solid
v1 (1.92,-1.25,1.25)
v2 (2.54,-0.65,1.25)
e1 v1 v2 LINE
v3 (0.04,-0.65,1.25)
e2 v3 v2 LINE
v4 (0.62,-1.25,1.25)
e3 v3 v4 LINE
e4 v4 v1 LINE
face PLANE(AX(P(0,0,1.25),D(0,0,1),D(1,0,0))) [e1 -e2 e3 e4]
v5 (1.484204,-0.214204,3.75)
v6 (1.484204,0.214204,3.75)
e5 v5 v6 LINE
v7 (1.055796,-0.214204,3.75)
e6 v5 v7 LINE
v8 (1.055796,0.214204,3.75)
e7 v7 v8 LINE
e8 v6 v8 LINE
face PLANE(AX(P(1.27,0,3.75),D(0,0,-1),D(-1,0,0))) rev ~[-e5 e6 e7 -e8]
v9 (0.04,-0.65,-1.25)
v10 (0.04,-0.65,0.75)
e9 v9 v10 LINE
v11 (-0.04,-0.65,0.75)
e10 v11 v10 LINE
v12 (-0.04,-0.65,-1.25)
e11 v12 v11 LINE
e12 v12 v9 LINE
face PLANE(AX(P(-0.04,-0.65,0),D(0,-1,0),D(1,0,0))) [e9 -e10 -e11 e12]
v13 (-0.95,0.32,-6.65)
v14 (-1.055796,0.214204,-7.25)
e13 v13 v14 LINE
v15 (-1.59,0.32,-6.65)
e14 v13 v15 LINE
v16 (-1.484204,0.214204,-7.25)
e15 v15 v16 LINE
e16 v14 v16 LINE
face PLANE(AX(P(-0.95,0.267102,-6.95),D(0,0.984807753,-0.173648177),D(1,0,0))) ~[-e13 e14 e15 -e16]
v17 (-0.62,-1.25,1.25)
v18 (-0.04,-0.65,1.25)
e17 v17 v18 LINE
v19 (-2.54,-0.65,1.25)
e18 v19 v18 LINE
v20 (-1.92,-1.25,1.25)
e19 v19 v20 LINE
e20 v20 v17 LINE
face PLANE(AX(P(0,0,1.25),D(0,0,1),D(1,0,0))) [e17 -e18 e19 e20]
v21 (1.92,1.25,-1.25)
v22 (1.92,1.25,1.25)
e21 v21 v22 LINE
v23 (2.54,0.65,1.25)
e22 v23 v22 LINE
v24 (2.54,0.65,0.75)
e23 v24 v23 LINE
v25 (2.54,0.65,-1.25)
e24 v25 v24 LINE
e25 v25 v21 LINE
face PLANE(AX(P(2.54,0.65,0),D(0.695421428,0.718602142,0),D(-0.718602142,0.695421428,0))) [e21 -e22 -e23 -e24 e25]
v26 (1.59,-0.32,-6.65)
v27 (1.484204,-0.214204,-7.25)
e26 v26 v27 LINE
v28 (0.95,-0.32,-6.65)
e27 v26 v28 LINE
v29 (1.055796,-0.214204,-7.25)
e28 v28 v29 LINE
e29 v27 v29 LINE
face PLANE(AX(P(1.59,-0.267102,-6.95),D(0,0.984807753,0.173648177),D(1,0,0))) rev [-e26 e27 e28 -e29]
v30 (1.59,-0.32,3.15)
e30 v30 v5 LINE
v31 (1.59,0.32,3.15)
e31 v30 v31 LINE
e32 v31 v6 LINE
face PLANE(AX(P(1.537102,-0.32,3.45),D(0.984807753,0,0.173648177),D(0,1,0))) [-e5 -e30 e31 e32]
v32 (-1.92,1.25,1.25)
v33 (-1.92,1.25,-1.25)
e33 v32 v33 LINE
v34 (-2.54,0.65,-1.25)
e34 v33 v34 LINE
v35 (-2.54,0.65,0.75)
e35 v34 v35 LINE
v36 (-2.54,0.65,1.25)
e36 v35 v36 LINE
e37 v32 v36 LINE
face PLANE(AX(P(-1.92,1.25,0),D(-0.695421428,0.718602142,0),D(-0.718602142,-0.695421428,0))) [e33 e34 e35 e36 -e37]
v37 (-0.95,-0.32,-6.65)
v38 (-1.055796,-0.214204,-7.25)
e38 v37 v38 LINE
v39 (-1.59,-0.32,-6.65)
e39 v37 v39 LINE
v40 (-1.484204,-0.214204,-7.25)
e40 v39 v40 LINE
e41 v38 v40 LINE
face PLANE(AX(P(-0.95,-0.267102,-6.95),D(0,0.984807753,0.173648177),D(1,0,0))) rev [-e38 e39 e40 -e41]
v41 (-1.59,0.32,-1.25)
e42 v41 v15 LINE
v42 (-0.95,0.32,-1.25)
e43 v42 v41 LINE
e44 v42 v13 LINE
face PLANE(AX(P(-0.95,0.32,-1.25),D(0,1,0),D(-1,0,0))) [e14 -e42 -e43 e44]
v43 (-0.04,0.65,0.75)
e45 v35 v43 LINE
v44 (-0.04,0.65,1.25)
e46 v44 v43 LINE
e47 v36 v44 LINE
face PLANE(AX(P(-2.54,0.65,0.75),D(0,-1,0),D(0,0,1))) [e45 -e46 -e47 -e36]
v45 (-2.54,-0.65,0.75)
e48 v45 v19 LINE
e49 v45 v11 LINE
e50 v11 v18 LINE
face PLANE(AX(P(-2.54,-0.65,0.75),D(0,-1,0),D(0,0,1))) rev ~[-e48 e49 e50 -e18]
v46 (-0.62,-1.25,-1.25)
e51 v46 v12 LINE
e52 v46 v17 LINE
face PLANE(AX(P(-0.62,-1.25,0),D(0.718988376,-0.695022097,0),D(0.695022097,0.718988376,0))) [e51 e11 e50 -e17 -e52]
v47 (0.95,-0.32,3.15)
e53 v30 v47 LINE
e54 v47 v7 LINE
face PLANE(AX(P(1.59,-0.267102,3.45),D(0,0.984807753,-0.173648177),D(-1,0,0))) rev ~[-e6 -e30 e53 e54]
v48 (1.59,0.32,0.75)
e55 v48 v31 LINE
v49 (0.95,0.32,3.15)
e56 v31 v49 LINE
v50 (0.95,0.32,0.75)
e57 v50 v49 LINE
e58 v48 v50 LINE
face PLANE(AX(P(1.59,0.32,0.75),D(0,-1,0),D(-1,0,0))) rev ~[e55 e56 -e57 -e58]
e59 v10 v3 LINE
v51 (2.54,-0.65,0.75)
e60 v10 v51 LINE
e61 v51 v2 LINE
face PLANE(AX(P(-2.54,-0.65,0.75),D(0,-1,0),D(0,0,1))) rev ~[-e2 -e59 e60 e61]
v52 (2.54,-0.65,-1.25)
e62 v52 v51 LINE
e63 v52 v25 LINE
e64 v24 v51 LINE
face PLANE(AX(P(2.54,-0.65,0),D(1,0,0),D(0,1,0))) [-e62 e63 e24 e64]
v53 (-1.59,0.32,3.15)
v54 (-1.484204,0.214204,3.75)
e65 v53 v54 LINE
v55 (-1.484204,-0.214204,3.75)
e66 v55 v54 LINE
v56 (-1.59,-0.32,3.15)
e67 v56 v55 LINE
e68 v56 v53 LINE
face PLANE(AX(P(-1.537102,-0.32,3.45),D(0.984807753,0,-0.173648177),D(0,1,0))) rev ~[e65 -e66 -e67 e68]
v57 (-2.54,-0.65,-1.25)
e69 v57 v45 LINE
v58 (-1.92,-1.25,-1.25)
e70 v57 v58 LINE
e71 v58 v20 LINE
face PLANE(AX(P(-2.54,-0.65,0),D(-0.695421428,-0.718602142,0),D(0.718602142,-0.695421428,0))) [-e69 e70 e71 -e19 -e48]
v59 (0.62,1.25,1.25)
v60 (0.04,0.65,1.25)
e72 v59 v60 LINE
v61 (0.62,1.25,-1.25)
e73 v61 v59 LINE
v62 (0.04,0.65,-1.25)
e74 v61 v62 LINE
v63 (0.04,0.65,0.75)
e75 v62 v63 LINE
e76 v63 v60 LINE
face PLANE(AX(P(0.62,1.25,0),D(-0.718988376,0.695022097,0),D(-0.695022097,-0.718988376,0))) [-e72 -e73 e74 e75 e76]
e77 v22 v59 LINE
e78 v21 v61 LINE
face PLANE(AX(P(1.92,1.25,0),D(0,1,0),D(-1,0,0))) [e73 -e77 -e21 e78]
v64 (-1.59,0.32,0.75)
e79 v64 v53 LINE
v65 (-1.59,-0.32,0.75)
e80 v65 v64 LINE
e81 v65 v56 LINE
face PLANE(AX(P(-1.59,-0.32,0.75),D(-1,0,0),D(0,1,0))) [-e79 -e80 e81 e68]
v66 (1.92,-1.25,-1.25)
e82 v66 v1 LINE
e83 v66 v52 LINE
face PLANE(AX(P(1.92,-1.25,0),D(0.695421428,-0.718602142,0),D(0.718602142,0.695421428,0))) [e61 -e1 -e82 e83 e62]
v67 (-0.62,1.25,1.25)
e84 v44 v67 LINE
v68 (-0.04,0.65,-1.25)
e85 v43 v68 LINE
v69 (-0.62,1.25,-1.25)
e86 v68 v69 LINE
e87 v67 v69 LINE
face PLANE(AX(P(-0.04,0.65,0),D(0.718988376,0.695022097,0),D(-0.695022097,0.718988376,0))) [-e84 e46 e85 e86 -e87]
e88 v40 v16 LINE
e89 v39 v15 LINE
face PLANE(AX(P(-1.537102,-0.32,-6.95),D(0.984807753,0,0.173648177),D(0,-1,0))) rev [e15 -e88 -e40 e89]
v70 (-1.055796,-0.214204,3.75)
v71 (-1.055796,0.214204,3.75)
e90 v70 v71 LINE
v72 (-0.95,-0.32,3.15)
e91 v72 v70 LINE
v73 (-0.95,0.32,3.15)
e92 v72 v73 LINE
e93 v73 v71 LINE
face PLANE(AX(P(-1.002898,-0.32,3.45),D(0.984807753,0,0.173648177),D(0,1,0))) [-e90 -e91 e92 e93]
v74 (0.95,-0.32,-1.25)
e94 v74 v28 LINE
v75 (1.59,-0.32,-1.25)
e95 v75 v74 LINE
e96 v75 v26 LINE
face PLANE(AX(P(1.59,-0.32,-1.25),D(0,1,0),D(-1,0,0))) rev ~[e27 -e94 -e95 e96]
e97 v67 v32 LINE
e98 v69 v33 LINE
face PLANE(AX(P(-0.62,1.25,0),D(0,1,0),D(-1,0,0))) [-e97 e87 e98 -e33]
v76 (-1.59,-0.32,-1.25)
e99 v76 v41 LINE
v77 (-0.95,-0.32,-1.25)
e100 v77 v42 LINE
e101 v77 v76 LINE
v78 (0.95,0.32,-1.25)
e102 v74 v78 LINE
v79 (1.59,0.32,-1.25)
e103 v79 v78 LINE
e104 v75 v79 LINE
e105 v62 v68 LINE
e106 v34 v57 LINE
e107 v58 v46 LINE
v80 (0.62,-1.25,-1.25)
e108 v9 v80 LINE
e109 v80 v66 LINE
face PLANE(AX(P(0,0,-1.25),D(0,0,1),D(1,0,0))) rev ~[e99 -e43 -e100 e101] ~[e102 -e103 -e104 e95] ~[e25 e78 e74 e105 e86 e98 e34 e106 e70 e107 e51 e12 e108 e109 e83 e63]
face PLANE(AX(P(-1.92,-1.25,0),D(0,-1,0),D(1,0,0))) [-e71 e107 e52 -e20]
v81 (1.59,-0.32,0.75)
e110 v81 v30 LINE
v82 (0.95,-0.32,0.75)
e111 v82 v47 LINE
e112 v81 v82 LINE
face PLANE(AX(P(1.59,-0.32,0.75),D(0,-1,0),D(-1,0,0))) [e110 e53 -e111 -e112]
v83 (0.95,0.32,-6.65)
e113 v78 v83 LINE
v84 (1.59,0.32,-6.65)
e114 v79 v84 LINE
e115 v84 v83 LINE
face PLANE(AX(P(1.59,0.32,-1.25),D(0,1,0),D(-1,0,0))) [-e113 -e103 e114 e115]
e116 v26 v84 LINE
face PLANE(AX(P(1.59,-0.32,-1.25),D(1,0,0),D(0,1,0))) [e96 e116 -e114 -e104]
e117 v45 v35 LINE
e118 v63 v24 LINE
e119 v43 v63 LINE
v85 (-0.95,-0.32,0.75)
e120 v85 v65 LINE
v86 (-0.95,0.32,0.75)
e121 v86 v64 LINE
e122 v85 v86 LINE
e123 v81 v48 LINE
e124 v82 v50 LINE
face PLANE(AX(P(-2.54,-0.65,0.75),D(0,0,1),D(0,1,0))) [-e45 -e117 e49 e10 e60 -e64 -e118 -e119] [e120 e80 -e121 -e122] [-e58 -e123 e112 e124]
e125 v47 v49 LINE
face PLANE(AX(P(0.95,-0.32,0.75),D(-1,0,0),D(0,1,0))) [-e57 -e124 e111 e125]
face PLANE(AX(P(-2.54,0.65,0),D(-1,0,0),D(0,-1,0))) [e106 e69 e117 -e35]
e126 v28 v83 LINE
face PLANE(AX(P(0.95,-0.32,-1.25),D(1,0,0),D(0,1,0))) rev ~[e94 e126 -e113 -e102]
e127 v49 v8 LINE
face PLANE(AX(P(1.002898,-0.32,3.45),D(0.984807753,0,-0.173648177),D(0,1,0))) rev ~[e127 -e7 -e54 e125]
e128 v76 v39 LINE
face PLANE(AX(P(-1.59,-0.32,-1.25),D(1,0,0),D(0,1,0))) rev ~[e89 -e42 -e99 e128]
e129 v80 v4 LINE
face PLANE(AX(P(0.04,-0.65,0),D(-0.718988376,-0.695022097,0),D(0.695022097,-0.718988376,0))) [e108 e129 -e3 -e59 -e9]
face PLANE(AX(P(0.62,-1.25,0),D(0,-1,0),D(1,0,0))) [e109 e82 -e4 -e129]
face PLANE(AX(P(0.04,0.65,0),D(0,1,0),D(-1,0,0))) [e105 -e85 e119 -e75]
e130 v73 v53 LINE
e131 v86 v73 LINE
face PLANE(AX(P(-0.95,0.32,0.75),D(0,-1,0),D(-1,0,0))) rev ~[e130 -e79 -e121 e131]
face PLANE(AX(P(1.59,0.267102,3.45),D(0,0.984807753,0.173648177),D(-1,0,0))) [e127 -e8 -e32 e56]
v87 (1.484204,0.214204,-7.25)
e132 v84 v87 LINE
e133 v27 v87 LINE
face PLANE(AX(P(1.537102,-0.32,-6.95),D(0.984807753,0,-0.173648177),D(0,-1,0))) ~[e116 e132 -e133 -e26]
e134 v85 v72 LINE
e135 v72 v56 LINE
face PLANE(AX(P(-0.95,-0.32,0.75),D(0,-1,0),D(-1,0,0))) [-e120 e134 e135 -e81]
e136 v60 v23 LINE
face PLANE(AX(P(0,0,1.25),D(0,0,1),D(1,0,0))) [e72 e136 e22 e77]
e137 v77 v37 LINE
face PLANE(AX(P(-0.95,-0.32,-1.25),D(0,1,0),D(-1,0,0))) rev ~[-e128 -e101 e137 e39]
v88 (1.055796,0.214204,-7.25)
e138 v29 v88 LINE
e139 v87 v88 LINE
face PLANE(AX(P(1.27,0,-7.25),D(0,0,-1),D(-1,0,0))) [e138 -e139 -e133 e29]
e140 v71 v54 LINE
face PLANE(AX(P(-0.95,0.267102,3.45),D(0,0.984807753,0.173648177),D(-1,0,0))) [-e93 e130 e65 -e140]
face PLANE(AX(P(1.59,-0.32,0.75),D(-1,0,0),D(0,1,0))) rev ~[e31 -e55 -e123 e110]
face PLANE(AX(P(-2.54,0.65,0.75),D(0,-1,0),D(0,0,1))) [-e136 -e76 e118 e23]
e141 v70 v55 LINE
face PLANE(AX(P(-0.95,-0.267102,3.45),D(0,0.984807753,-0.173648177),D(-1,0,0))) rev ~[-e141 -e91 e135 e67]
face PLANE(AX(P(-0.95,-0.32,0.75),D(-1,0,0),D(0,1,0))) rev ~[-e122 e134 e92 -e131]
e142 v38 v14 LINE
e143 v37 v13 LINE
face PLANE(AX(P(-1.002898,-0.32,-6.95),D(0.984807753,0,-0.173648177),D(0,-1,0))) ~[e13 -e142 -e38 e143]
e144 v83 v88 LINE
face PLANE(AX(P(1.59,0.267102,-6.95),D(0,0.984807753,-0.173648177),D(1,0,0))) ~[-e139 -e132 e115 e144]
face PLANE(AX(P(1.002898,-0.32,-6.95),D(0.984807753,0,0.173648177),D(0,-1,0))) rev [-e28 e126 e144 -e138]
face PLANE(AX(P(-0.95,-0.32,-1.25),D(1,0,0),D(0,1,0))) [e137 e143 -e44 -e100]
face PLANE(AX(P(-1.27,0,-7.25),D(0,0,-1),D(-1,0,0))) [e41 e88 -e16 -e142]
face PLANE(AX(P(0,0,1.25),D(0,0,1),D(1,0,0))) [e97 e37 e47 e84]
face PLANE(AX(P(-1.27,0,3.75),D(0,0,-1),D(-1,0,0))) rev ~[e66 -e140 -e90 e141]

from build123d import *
from OCP.BRepFilletAPI import BRepFilletAPI_MakeChamfer

# Parameters (mm, degrees)
EXTRUDE_1_DEPTH     = 1.25
SKETCH_2_W          = 0.5
SKETCH_2_H          = 1.3
CUT_EXTRUDE_1_DEPTH = 6.378791686
SKETCH_3_W          = 0.64
SKETCH_3_H          = 0.64
EXTRUDE_2_DEPTH     = 6
EXTRUDE_START       = -2
SKETCH_3_2_W        = 0.64
SKETCH_3_2_H        = 0.64
EXTRUDE_3_DEPTH     = 3
CHAMFER_1_SIZE      = 0.6
CHAMFER_1_SIZE2     = 0.105796188


with BuildPart() as part:
    # 草图1 → 凸台-拉伸1 (new, symmetric)
    with BuildSketch(Plane.XY):
        Polygon((-1.92, 1.25), (-2.54, 0.65), (-2.54, -0.65), (-1.92, -1.25), (-0.62, -1.25), (-0.04, -0.65), (0.04, -0.65), (0.62, -1.25), (1.92, -1.25), (2.54, -0.65), (2.54, 0.65), (1.92, 1.25), (0.62, 1.25), (0.04, 0.65), (-0.04, 0.65), (-0.62, 1.25), align=None)
    extrude(amount=EXTRUDE_1_DEPTH, both=True)

    # 草图2 → 切除-拉伸1 (cut, through all)
    with BuildSketch(Plane.ZY.offset(2.54)):
        with Locations((1, 0)):
            Rectangle(SKETCH_2_W, SKETCH_2_H)
    extrude(amount=-CUT_EXTRUDE_1_DEPTH, mode=Mode.SUBTRACT)

    # 草图3 → 凸台-拉伸2 (add)
    with BuildSketch(Plane(origin=(0, 0, -1.25), x_dir=(-1, 0, 0), z_dir=(0, 0, -1))):
        with Locations((-1.27, 0)):
            Rectangle(SKETCH_3_W, SKETCH_3_H)
        with Locations((1.27, 0)):
            Rectangle(SKETCH_3_W, SKETCH_3_H)
    extrude(amount=EXTRUDE_2_DEPTH)

    # 草图3<2> → 凸台-拉伸3 (add)
    with BuildSketch(Plane(origin=(0, 0, -1.25), x_dir=(-1, 0, 0), z_dir=(0, 0, -1)).offset(EXTRUDE_START)):
        with Locations((-1.27, 0)):
            Rectangle(SKETCH_3_2_W, SKETCH_3_2_H)
        with Locations((1.27, 0)):
            Rectangle(SKETCH_3_2_W, SKETCH_3_2_H)
    extrude(amount=-EXTRUDE_3_DEPTH)

    # 倒角1: one chamfer whose edges measure the first distance from different faces: ONE call of the kernel's chamfer builder (chamfer() names one face for all edges)
    chamfer_1_edges_1 = [part.edges().sort_by_distance(p)[0] for p in [
        (-1.59, 0, 3.75),
    ]]
    chamfer_1_side_1 = [part.faces().sort_by_distance(p)[0] for p in [
        (-1.59, 0, 2.25),
    ]]
    chamfer_1_edges_2 = [part.edges().sort_by_distance(p)[0] for p in [
        (-1.27, -0.32, 3.75),
    ]]
    chamfer_1_side_2 = [part.faces().sort_by_distance(p)[0] for p in [
        (-1.27, -0.32, 2.25),
    ]]
    chamfer_1_edges_3 = [part.edges().sort_by_distance(p)[0] for p in [
        (-0.95, 0, 3.75),
    ]]
    chamfer_1_side_3 = [part.faces().sort_by_distance(p)[0] for p in [
        (-0.95, 0, 2.25),
    ]]
    chamfer_1_edges_4 = [part.edges().sort_by_distance(p)[0] for p in [
        (-1.27, 0.32, 3.75),
    ]]
    chamfer_1_side_4 = [part.faces().sort_by_distance(p)[0] for p in [
        (-1.27, 0.32, 2.25),
    ]]
    chamfer_1_edges_5 = [part.edges().sort_by_distance(p)[0] for p in [
        (1.59, 0, -7.25),
    ]]
    chamfer_1_side_5 = [part.faces().sort_by_distance(p)[0] for p in [
        (1.59, 0, -4.25),
    ]]
    chamfer_1_edges_6 = [part.edges().sort_by_distance(p)[0] for p in [
        (1.27, -0.32, -7.25),
    ]]
    chamfer_1_side_6 = [part.faces().sort_by_distance(p)[0] for p in [
        (1.27, -0.32, -4.25),
    ]]
    chamfer_1_edges_7 = [part.edges().sort_by_distance(p)[0] for p in [
        (0.95, 0, -7.25),
    ]]
    chamfer_1_side_7 = [part.faces().sort_by_distance(p)[0] for p in [
        (0.95, 0, -4.25),
    ]]
    chamfer_1_edges_8 = [part.edges().sort_by_distance(p)[0] for p in [
        (1.27, 0.32, -7.25),
    ]]
    chamfer_1_side_8 = [part.faces().sort_by_distance(p)[0] for p in [
        (1.27, 0.32, -4.25),
    ]]
    chamfer_1_edges_9 = [part.edges().sort_by_distance(p)[0] for p in [
        (-1.59, 0, -7.25),
    ]]
    chamfer_1_side_9 = [part.faces().sort_by_distance(p)[0] for p in [
        (-1.59, 0, -4.25),
    ]]
    chamfer_1_edges_10 = [part.edges().sort_by_distance(p)[0] for p in [
        (-1.27, 0.32, -7.25),
    ]]
    chamfer_1_side_10 = [part.faces().sort_by_distance(p)[0] for p in [
        (-1.27, 0.32, -4.25),
    ]]
    chamfer_1_edges_11 = [part.edges().sort_by_distance(p)[0] for p in [
        (-0.95, 0, -7.25),
    ]]
    chamfer_1_side_11 = [part.faces().sort_by_distance(p)[0] for p in [
        (-0.95, 0, -4.25),
    ]]
    chamfer_1_edges_12 = [part.edges().sort_by_distance(p)[0] for p in [
        (-1.27, -0.32, -7.25),
    ]]
    chamfer_1_side_12 = [part.faces().sort_by_distance(p)[0] for p in [
        (-1.27, -0.32, -4.25),
    ]]
    chamfer_1_edges_13 = [part.edges().sort_by_distance(p)[0] for p in [
        (1.59, 0, 3.75),
    ]]
    chamfer_1_side_13 = [part.faces().sort_by_distance(p)[0] for p in [
        (1.59, 0, 2.25),
    ]]
    chamfer_1_edges_14 = [part.edges().sort_by_distance(p)[0] for p in [
        (1.27, 0.32, 3.75),
    ]]
    chamfer_1_side_14 = [part.faces().sort_by_distance(p)[0] for p in [
        (1.27, 0.32, 2.25),
    ]]
    chamfer_1_edges_15 = [part.edges().sort_by_distance(p)[0] for p in [
        (0.95, 0, 3.75),
    ]]
    chamfer_1_side_15 = [part.faces().sort_by_distance(p)[0] for p in [
        (0.95, 0, 2.25),
    ]]
    chamfer_1_edges_16 = [part.edges().sort_by_distance(p)[0] for p in [
        (1.27, -0.32, 3.75),
    ]]
    chamfer_1_side_16 = [part.faces().sort_by_distance(p)[0] for p in [
        (1.27, -0.32, 2.25),
    ]]
    chamfer_1 = BRepFilletAPI_MakeChamfer(part.part.solid().wrapped)
    for e in chamfer_1_edges_1:
        chamfer_1.Add(CHAMFER_1_SIZE, CHAMFER_1_SIZE2, e.wrapped, chamfer_1_side_1[0].wrapped)  # the first distance lies on this face
    for e in chamfer_1_edges_2:
        chamfer_1.Add(CHAMFER_1_SIZE, CHAMFER_1_SIZE2, e.wrapped, chamfer_1_side_2[0].wrapped)  # the first distance lies on this face
    for e in chamfer_1_edges_3:
        chamfer_1.Add(CHAMFER_1_SIZE, CHAMFER_1_SIZE2, e.wrapped, chamfer_1_side_3[0].wrapped)  # the first distance lies on this face
    for e in chamfer_1_edges_4:
        chamfer_1.Add(CHAMFER_1_SIZE, CHAMFER_1_SIZE2, e.wrapped, chamfer_1_side_4[0].wrapped)  # the first distance lies on this face
    for e in chamfer_1_edges_5:
        chamfer_1.Add(CHAMFER_1_SIZE, CHAMFER_1_SIZE2, e.wrapped, chamfer_1_side_5[0].wrapped)  # the first distance lies on this face
    for e in chamfer_1_edges_6:
        chamfer_1.Add(CHAMFER_1_SIZE, CHAMFER_1_SIZE2, e.wrapped, chamfer_1_side_6[0].wrapped)  # the first distance lies on this face
    for e in chamfer_1_edges_7:
        chamfer_1.Add(CHAMFER_1_SIZE, CHAMFER_1_SIZE2, e.wrapped, chamfer_1_side_7[0].wrapped)  # the first distance lies on this face
    for e in chamfer_1_edges_8:
        chamfer_1.Add(CHAMFER_1_SIZE, CHAMFER_1_SIZE2, e.wrapped, chamfer_1_side_8[0].wrapped)  # the first distance lies on this face
    for e in chamfer_1_edges_9:
        chamfer_1.Add(CHAMFER_1_SIZE, CHAMFER_1_SIZE2, e.wrapped, chamfer_1_side_9[0].wrapped)  # the first distance lies on this face
    for e in chamfer_1_edges_10:
        chamfer_1.Add(CHAMFER_1_SIZE, CHAMFER_1_SIZE2, e.wrapped, chamfer_1_side_10[0].wrapped)  # the first distance lies on this face
    for e in chamfer_1_edges_11:
        chamfer_1.Add(CHAMFER_1_SIZE, CHAMFER_1_SIZE2, e.wrapped, chamfer_1_side_11[0].wrapped)  # the first distance lies on this face
    for e in chamfer_1_edges_12:
        chamfer_1.Add(CHAMFER_1_SIZE, CHAMFER_1_SIZE2, e.wrapped, chamfer_1_side_12[0].wrapped)  # the first distance lies on this face
    for e in chamfer_1_edges_13:
        chamfer_1.Add(CHAMFER_1_SIZE, CHAMFER_1_SIZE2, e.wrapped, chamfer_1_side_13[0].wrapped)  # the first distance lies on this face
    for e in chamfer_1_edges_14:
        chamfer_1.Add(CHAMFER_1_SIZE, CHAMFER_1_SIZE2, e.wrapped, chamfer_1_side_14[0].wrapped)  # the first distance lies on this face
    for e in chamfer_1_edges_15:
        chamfer_1.Add(CHAMFER_1_SIZE, CHAMFER_1_SIZE2, e.wrapped, chamfer_1_side_15[0].wrapped)  # the first distance lies on this face
    for e in chamfer_1_edges_16:
        chamfer_1.Add(CHAMFER_1_SIZE, CHAMFER_1_SIZE2, e.wrapped, chamfer_1_side_16[0].wrapped)  # the first distance lies on this face
    add(Compound.cast(chamfer_1.Shape()), mode=Mode.REPLACE)


solid = part.part
